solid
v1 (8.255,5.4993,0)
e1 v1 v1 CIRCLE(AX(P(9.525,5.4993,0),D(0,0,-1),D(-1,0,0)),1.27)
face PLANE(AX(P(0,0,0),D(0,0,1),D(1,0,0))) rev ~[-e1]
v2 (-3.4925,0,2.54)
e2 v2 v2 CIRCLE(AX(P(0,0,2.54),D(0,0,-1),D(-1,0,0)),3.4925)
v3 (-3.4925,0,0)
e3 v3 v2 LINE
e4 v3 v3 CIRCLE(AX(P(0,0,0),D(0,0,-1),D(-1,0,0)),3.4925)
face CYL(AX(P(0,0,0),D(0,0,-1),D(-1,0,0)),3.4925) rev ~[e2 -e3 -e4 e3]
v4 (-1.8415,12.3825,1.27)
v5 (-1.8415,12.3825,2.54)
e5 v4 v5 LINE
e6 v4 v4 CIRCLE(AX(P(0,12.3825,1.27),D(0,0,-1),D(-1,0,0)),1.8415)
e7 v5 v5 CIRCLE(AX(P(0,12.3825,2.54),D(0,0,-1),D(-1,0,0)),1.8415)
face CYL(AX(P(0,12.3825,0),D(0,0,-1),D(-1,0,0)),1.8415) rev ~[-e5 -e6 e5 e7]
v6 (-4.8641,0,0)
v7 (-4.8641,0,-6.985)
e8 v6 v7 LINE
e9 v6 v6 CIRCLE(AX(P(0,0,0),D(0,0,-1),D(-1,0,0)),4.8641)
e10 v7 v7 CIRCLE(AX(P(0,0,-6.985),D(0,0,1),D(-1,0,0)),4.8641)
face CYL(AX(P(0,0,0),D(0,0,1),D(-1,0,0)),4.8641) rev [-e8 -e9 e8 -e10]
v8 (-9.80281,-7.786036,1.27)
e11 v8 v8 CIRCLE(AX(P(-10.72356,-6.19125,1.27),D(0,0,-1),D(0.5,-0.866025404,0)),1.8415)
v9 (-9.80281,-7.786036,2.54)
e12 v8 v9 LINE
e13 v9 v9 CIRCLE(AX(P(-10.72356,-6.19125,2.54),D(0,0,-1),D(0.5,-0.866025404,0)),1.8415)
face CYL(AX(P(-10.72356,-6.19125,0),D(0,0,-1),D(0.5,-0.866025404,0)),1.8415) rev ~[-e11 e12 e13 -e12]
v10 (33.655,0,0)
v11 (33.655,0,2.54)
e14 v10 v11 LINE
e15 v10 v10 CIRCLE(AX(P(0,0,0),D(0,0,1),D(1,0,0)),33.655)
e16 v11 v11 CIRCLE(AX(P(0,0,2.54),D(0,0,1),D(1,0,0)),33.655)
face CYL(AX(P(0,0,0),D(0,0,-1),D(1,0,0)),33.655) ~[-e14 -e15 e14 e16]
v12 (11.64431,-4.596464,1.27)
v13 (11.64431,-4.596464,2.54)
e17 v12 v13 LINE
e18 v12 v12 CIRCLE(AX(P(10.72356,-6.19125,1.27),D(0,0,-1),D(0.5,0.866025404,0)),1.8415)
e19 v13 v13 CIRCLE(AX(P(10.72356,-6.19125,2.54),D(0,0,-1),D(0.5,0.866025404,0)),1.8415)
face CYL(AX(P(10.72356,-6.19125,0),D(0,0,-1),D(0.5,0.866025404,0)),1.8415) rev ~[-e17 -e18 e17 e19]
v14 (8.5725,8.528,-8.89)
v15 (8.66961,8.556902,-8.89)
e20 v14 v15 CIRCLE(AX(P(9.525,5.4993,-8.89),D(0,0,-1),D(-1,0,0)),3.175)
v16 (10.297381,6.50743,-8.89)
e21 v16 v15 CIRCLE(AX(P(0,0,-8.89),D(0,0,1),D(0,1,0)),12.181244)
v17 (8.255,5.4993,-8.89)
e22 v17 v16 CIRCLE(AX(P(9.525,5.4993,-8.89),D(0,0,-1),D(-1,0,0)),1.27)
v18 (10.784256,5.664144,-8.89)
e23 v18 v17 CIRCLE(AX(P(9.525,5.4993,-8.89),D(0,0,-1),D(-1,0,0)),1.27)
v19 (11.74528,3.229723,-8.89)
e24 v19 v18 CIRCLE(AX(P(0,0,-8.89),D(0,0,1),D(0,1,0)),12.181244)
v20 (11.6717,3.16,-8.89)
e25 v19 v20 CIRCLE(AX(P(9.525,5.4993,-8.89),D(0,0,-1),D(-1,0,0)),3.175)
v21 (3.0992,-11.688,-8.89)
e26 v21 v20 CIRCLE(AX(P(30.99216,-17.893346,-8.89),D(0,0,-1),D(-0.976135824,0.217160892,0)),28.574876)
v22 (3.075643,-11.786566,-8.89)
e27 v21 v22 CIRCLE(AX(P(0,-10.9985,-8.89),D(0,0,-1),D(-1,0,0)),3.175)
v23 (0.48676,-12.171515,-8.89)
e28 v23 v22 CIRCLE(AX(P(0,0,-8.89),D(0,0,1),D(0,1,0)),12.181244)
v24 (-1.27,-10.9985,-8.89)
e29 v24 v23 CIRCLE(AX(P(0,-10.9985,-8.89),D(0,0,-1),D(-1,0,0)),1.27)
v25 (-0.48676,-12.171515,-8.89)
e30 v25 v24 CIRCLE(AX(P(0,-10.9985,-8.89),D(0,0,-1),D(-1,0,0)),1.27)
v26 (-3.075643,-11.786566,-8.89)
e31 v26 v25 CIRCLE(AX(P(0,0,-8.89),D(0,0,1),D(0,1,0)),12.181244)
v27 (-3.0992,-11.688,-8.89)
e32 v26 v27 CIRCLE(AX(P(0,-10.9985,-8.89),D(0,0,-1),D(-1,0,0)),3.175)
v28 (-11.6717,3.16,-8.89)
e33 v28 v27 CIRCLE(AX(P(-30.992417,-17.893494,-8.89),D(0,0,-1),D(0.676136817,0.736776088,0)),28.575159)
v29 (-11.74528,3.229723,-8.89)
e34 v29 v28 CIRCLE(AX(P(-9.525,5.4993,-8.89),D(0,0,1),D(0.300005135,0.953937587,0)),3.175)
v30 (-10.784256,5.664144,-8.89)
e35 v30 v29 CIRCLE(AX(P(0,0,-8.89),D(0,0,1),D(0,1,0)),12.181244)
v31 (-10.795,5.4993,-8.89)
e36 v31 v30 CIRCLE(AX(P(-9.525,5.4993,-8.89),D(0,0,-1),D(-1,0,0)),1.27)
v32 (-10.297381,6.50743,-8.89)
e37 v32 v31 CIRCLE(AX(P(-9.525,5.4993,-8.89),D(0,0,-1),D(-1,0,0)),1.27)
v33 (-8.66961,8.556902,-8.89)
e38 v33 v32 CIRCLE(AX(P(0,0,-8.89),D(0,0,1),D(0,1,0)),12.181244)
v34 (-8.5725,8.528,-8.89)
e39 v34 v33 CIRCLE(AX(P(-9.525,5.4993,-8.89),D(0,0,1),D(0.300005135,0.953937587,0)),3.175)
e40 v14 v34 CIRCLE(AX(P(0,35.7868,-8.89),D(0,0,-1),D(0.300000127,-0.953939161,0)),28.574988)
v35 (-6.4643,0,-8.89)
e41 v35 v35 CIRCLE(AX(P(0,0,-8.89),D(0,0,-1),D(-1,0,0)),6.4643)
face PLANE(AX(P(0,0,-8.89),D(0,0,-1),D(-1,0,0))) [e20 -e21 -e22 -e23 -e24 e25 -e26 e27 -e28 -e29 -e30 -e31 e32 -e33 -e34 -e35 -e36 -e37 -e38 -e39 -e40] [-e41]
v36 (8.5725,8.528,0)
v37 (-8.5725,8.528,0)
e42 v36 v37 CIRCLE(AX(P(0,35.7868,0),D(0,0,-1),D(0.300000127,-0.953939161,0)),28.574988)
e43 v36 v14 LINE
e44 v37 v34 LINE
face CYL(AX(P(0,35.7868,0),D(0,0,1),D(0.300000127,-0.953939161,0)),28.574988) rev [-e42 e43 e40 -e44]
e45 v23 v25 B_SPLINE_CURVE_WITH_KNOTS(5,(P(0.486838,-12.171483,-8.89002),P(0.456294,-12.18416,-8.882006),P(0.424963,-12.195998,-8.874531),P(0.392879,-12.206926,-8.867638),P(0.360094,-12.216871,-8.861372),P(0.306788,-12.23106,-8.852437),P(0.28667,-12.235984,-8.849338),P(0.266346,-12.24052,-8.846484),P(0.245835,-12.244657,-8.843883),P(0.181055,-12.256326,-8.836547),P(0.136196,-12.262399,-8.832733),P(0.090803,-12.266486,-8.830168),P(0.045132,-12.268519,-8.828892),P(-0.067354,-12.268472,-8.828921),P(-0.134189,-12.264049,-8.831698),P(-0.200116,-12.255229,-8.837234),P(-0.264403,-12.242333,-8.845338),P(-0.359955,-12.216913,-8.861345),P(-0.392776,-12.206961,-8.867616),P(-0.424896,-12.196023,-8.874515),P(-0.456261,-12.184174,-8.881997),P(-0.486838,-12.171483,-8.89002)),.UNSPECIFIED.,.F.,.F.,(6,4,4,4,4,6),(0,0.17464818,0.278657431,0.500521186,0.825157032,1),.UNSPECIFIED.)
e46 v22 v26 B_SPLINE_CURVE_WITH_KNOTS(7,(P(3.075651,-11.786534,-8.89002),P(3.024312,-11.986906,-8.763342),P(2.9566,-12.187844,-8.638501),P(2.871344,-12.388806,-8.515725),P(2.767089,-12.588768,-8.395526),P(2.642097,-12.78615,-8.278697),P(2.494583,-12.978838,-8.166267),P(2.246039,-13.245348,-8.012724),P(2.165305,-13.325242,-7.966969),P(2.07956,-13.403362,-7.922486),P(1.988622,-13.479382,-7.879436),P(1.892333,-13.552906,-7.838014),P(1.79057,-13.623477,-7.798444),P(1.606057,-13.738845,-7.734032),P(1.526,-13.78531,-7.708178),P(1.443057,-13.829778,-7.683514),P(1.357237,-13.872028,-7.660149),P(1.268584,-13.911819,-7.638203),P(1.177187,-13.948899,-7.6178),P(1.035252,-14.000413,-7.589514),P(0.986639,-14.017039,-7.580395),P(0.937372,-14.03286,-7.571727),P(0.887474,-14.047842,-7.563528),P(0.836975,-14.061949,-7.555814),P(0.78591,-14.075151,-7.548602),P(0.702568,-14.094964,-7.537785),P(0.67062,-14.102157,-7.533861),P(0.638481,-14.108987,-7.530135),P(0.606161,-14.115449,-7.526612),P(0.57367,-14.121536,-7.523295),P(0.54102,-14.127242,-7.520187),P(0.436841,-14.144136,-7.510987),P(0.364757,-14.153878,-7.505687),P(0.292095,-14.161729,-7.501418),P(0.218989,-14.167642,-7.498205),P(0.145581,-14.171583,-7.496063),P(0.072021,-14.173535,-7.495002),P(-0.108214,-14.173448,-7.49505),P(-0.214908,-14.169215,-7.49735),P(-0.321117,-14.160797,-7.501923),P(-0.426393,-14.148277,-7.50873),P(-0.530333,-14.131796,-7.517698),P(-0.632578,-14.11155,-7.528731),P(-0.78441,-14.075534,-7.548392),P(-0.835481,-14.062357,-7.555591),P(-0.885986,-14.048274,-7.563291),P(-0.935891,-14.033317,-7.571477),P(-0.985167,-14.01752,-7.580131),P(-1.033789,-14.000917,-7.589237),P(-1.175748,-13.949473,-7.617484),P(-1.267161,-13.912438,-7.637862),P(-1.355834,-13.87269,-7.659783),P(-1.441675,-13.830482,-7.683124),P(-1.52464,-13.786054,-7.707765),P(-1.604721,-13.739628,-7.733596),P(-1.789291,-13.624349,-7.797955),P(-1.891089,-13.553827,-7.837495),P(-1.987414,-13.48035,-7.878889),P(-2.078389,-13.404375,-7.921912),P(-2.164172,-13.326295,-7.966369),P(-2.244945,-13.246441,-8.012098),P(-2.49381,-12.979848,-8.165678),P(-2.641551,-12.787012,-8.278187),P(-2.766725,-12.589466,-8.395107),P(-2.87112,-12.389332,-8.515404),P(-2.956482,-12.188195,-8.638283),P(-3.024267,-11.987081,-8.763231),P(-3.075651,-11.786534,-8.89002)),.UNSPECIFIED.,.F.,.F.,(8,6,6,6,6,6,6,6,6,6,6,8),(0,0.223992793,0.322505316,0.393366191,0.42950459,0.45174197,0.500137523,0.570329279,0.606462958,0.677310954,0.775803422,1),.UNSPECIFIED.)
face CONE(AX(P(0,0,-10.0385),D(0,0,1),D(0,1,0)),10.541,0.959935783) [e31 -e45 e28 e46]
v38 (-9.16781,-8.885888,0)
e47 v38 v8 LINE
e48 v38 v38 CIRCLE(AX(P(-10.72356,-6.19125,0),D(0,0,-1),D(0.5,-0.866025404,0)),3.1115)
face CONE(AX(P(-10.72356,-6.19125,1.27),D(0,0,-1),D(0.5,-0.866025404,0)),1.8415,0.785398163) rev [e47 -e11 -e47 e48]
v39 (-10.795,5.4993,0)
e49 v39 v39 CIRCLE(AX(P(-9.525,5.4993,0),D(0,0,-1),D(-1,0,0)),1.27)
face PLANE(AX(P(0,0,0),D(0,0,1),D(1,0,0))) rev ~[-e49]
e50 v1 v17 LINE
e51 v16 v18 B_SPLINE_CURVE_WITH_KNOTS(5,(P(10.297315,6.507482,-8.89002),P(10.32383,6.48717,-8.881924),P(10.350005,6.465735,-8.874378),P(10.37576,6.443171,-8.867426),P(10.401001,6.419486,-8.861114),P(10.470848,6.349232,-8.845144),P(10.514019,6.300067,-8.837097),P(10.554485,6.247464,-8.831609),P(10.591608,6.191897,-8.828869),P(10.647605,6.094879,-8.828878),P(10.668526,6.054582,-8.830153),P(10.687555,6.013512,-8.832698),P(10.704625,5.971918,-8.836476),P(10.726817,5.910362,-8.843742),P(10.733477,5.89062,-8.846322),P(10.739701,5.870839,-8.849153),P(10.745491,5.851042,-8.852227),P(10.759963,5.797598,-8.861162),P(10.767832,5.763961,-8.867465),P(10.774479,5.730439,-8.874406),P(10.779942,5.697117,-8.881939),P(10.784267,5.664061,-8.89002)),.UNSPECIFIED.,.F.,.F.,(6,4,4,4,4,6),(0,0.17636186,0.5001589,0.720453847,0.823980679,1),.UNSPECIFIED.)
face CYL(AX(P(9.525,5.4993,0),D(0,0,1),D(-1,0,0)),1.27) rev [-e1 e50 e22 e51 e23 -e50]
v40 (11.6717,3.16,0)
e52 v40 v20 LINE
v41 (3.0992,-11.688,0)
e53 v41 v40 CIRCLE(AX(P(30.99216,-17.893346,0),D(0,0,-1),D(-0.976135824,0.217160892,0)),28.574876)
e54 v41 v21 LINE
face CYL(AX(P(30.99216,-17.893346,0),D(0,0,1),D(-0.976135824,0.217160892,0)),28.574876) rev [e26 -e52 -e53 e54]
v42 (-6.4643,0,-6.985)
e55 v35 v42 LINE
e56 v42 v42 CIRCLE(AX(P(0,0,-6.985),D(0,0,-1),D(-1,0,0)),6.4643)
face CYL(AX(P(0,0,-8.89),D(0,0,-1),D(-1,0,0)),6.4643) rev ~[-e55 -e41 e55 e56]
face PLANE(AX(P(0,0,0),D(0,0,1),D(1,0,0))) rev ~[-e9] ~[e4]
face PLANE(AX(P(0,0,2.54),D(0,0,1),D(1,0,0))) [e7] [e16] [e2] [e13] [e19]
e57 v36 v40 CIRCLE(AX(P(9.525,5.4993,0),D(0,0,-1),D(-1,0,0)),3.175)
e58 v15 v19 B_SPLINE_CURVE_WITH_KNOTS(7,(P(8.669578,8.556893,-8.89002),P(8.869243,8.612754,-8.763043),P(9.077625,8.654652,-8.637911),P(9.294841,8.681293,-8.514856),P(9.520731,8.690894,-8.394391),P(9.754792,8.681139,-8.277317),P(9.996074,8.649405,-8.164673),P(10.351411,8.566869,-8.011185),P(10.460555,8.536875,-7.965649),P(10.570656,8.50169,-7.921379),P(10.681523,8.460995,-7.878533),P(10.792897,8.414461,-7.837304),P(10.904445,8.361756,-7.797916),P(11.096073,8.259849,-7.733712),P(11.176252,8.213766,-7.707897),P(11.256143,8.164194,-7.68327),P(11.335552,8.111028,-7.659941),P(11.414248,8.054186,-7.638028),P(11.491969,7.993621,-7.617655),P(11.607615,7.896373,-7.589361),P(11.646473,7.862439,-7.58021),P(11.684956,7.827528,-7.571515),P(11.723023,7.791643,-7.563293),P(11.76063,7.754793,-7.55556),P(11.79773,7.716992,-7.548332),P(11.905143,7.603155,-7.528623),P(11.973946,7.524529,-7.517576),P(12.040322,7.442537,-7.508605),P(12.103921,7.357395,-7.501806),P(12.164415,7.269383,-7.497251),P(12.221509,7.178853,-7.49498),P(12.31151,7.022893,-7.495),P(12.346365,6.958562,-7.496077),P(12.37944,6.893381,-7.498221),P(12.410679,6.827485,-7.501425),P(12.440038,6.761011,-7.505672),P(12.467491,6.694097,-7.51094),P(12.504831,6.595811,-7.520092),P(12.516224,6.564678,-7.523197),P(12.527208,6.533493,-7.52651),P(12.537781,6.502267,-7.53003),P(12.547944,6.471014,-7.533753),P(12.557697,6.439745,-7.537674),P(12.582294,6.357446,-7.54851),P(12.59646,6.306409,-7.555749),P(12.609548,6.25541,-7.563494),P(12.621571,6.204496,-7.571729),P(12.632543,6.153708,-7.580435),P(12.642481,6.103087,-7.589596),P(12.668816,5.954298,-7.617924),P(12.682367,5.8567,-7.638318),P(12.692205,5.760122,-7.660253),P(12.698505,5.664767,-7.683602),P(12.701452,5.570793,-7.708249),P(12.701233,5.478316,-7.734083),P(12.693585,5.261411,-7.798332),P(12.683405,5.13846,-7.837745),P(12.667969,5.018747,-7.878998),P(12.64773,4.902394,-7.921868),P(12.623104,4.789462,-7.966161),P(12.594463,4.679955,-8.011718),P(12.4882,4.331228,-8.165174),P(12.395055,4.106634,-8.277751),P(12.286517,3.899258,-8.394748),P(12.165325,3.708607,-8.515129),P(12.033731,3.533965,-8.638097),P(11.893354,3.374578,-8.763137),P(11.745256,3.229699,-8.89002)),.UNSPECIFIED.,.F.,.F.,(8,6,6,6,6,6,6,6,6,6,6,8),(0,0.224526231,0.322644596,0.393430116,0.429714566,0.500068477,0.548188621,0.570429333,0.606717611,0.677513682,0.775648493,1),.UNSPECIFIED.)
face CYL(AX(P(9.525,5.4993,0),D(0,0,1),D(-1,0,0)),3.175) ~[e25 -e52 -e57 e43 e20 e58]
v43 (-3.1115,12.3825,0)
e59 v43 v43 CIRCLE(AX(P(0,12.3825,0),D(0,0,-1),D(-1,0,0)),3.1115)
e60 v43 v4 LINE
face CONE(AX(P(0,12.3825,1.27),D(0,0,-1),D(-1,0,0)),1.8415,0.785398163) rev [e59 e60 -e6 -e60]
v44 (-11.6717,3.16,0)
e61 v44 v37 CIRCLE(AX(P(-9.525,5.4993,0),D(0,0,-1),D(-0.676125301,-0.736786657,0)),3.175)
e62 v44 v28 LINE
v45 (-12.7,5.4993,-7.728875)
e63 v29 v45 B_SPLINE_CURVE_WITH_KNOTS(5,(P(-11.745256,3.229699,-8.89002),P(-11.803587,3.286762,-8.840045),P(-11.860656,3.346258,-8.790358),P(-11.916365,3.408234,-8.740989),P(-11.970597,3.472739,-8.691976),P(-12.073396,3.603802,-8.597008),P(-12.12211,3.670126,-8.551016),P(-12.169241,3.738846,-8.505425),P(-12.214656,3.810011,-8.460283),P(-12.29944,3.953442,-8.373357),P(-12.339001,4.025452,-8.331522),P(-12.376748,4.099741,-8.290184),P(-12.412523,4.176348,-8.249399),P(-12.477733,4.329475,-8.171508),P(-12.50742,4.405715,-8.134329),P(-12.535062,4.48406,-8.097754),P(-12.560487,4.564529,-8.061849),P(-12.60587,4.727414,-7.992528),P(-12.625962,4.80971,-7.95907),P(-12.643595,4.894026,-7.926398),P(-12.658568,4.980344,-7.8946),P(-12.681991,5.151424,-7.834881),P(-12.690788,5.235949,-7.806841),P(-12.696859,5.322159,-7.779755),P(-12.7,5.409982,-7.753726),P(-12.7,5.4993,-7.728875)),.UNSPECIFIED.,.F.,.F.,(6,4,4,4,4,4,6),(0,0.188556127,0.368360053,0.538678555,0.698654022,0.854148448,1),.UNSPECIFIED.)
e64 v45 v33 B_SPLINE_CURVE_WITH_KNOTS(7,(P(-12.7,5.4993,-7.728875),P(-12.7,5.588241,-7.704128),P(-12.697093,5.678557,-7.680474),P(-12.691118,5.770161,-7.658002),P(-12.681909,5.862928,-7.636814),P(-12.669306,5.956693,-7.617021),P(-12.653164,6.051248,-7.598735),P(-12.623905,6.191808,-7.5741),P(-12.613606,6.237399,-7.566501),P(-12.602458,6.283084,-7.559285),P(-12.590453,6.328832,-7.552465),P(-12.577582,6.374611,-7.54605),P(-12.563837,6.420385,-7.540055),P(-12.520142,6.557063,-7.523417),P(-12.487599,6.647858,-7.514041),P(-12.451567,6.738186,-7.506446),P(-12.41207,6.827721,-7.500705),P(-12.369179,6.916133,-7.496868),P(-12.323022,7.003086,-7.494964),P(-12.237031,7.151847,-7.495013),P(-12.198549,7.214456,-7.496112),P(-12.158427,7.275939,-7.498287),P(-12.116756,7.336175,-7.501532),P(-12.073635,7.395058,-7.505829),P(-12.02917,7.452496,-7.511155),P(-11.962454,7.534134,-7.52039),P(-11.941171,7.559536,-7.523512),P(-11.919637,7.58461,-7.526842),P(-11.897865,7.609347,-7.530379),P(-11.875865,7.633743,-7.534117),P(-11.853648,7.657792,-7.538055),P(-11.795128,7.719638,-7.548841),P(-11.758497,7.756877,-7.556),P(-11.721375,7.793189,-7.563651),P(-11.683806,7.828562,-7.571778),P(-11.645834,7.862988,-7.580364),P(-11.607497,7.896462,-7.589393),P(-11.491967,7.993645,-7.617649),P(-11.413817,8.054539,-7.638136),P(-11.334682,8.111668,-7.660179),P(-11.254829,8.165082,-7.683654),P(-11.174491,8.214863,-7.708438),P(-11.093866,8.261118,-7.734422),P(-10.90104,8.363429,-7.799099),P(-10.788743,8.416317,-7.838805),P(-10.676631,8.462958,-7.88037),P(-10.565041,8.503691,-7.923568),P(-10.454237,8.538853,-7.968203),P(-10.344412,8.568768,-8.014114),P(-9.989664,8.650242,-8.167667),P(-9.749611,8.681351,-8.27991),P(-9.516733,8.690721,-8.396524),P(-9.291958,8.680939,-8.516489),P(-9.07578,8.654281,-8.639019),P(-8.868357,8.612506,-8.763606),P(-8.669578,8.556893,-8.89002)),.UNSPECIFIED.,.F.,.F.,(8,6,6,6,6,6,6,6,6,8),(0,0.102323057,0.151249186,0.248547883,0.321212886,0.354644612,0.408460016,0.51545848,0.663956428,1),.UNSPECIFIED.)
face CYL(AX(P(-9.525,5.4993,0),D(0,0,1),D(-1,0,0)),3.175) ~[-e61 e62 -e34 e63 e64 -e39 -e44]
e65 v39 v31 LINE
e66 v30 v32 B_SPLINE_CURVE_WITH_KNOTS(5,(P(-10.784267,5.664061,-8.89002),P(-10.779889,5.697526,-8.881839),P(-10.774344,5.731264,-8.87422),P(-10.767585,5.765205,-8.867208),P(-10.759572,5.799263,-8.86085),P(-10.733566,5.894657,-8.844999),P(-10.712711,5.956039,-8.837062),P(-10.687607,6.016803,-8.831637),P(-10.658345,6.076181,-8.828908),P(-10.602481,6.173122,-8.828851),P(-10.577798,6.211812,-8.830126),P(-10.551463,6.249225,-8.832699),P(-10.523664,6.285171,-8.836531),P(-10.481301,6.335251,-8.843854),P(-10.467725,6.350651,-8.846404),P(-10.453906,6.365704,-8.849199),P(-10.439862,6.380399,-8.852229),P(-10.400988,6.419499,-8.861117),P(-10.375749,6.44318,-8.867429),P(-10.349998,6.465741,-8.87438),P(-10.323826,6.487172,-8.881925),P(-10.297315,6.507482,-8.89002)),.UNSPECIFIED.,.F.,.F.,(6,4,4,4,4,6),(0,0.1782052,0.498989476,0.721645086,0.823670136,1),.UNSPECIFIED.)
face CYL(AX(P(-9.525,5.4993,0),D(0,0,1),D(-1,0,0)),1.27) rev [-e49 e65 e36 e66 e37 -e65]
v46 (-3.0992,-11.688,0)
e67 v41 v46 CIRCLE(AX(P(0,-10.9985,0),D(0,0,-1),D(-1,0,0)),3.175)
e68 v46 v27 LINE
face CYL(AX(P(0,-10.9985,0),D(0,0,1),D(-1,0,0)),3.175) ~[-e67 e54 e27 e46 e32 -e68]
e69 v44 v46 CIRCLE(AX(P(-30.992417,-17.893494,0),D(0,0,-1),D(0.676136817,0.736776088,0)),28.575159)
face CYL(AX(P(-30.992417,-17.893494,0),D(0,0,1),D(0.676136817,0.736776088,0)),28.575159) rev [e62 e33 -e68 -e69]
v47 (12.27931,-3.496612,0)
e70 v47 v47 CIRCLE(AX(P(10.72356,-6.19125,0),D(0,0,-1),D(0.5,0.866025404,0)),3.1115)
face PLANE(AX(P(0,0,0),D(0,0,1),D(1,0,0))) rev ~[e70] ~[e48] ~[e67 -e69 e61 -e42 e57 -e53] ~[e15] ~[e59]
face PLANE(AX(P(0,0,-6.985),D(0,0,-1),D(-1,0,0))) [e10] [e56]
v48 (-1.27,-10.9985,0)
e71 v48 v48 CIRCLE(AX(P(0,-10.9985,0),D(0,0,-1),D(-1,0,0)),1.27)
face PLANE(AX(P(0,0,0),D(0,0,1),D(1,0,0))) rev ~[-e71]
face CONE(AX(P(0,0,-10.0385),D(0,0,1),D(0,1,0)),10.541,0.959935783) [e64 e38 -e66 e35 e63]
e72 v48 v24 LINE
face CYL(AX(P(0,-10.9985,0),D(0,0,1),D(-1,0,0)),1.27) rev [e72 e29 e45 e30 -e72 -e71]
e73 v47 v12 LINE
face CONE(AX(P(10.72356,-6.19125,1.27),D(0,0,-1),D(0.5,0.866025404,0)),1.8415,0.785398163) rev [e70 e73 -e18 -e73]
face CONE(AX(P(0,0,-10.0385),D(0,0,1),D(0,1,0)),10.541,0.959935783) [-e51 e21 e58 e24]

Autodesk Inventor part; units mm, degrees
ref_plane "YZ Plane" through (0, 0, 0) normal (1, 0, 0) x (0, 1, 0)
ref_plane "XZ Plane" through (0, 0, 0) normal (0, 1, 0) x (-1, 0, 0)
ref_plane "XY Plane" through (0, 0, 0) normal (0, 0, 1) x (1, 0, 0)
sketch "Sketch1" plane through (0, 0, 0) normal (0, 0, 1) x (1, 0, 0)
  circle A0 centre (0, 0) radius 33.655
  dimension "d0" = 67.31
extrude "Extrusion1" add sketch "Sketch1" along normal blind 2.54
sketch "Sketch2" plane through (0, 0, 0) normal (0, 0, -1) x (-1, 0, 0)
  circle A0 centre (0, 12.3825) radius 1.8415
  point P0 (0, 0)
  dimension "d3" = 3.683
  dimension "d4" = 12.3825
extrude "Extrusion2" cut sketch "Sketch2" against normal through all
chamfer "Chamfer1" distance 1.27 angle 45 1 edges at (1.8415, 12.3825, 0)
pattern_circular "Circular Pattern1" count 3 over 360 about axis through (0, 0, 0) along (0, 0, 1) of "Extrusion2", "Chamfer1"
sketch "Sketch3" plane through (0, 0, 0) normal (0, 0, -1) x (-1, 0, 0)
  circle A0 centre (0, 0) radius 3.4925
  circle A1 centre (0, 0) radius 4.8641
  line L0 (0, 0) -> (9.525, 5.4993) construction
  line L1 (0, 0) -> (10.9985, 0) construction
  circle A2 centre (9.525, 5.4993) radius 1.27
  circle A3 centre (9.525, 5.4993) radius 3.175
  line L2 (0, 0) -> (-9.525, 5.4993) construction
  line L3 (0, 0) -> (10.9985, 0) construction
  line L4 (0, 0) -> (0, -10.9985) construction
  circle A4 centre (-9.525, 5.4993) radius 1.27
  circle A5 centre (-9.525, 5.4993) radius 3.175
  circle A6 centre (0, -10.9985) radius 1.27
  circle A7 centre (0, -10.9985) radius 3.175
  arc A8 (-8.5725, 8.528) -> (8.5725, 8.528) centre (0, 35.7868) ccw
  arc A9 (11.6717, 3.16) -> (3.0992, -11.688) centre (30.9923, -17.8934) ccw
  arc A10 (-3.0992, -11.688) -> (-11.6717, 3.16) centre (-30.9923, -17.8934) ccw
  dimension "d13" = 6.985
  dimension "d14" = 9.7282
  dimension "d15" = 30
  dimension "d16" = 2.54
  dimension "d17" = 6.35
  dimension "d18" = 150
  dimension "d19" = 19.05
  dimension "d20" = 28.575
extrude "Extrusion3" add sketch "Sketch3" along normal blind 8.89 contours A3 | A3 A9 A7 A10 A5 A8 | A5 | A7
extrude "Extrusion4" cut sketch "Sketch3" against normal through all contours A0
sketch "Sketch4" plane through (0, 0, 0) normal (1, 0, 0) x (0, 1, 0)
  line L0 (10.541, -10.0385) -> (19.3172, -3.8934)
  line L1 (19.3172, -3.8934) -> (19.3172, -10.0385)
  line L2 (19.3172, -10.0385) -> (10.541, -10.0385)
  line L3 (33.655, 2.54) -> (-33.655, 2.54) construction
  line L4 (0, 2.54) -> (0, 18.6348) construction
  point P0 (0, 0)
  dimension "d25" = 10.541
  dimension "d26" = 35
revolve "Revolution1" cut sketch "Sketch4" angle 360 about axis through (0, 0, 2.54) along (0, 0, 1)
sketch "Sketch5" plane through (0, 0, -8.89) normal (0, 0, -1) x (-1, 0, 0)
  circle A0 centre (0, 0) radius 6.4643
  dimension "d28" = 12.9286
extrude "Extrusion5" cut sketch "Sketch5" against normal blind 1.905
properties part number "SmallSpoolEndAft" material "ABS Plastic"
